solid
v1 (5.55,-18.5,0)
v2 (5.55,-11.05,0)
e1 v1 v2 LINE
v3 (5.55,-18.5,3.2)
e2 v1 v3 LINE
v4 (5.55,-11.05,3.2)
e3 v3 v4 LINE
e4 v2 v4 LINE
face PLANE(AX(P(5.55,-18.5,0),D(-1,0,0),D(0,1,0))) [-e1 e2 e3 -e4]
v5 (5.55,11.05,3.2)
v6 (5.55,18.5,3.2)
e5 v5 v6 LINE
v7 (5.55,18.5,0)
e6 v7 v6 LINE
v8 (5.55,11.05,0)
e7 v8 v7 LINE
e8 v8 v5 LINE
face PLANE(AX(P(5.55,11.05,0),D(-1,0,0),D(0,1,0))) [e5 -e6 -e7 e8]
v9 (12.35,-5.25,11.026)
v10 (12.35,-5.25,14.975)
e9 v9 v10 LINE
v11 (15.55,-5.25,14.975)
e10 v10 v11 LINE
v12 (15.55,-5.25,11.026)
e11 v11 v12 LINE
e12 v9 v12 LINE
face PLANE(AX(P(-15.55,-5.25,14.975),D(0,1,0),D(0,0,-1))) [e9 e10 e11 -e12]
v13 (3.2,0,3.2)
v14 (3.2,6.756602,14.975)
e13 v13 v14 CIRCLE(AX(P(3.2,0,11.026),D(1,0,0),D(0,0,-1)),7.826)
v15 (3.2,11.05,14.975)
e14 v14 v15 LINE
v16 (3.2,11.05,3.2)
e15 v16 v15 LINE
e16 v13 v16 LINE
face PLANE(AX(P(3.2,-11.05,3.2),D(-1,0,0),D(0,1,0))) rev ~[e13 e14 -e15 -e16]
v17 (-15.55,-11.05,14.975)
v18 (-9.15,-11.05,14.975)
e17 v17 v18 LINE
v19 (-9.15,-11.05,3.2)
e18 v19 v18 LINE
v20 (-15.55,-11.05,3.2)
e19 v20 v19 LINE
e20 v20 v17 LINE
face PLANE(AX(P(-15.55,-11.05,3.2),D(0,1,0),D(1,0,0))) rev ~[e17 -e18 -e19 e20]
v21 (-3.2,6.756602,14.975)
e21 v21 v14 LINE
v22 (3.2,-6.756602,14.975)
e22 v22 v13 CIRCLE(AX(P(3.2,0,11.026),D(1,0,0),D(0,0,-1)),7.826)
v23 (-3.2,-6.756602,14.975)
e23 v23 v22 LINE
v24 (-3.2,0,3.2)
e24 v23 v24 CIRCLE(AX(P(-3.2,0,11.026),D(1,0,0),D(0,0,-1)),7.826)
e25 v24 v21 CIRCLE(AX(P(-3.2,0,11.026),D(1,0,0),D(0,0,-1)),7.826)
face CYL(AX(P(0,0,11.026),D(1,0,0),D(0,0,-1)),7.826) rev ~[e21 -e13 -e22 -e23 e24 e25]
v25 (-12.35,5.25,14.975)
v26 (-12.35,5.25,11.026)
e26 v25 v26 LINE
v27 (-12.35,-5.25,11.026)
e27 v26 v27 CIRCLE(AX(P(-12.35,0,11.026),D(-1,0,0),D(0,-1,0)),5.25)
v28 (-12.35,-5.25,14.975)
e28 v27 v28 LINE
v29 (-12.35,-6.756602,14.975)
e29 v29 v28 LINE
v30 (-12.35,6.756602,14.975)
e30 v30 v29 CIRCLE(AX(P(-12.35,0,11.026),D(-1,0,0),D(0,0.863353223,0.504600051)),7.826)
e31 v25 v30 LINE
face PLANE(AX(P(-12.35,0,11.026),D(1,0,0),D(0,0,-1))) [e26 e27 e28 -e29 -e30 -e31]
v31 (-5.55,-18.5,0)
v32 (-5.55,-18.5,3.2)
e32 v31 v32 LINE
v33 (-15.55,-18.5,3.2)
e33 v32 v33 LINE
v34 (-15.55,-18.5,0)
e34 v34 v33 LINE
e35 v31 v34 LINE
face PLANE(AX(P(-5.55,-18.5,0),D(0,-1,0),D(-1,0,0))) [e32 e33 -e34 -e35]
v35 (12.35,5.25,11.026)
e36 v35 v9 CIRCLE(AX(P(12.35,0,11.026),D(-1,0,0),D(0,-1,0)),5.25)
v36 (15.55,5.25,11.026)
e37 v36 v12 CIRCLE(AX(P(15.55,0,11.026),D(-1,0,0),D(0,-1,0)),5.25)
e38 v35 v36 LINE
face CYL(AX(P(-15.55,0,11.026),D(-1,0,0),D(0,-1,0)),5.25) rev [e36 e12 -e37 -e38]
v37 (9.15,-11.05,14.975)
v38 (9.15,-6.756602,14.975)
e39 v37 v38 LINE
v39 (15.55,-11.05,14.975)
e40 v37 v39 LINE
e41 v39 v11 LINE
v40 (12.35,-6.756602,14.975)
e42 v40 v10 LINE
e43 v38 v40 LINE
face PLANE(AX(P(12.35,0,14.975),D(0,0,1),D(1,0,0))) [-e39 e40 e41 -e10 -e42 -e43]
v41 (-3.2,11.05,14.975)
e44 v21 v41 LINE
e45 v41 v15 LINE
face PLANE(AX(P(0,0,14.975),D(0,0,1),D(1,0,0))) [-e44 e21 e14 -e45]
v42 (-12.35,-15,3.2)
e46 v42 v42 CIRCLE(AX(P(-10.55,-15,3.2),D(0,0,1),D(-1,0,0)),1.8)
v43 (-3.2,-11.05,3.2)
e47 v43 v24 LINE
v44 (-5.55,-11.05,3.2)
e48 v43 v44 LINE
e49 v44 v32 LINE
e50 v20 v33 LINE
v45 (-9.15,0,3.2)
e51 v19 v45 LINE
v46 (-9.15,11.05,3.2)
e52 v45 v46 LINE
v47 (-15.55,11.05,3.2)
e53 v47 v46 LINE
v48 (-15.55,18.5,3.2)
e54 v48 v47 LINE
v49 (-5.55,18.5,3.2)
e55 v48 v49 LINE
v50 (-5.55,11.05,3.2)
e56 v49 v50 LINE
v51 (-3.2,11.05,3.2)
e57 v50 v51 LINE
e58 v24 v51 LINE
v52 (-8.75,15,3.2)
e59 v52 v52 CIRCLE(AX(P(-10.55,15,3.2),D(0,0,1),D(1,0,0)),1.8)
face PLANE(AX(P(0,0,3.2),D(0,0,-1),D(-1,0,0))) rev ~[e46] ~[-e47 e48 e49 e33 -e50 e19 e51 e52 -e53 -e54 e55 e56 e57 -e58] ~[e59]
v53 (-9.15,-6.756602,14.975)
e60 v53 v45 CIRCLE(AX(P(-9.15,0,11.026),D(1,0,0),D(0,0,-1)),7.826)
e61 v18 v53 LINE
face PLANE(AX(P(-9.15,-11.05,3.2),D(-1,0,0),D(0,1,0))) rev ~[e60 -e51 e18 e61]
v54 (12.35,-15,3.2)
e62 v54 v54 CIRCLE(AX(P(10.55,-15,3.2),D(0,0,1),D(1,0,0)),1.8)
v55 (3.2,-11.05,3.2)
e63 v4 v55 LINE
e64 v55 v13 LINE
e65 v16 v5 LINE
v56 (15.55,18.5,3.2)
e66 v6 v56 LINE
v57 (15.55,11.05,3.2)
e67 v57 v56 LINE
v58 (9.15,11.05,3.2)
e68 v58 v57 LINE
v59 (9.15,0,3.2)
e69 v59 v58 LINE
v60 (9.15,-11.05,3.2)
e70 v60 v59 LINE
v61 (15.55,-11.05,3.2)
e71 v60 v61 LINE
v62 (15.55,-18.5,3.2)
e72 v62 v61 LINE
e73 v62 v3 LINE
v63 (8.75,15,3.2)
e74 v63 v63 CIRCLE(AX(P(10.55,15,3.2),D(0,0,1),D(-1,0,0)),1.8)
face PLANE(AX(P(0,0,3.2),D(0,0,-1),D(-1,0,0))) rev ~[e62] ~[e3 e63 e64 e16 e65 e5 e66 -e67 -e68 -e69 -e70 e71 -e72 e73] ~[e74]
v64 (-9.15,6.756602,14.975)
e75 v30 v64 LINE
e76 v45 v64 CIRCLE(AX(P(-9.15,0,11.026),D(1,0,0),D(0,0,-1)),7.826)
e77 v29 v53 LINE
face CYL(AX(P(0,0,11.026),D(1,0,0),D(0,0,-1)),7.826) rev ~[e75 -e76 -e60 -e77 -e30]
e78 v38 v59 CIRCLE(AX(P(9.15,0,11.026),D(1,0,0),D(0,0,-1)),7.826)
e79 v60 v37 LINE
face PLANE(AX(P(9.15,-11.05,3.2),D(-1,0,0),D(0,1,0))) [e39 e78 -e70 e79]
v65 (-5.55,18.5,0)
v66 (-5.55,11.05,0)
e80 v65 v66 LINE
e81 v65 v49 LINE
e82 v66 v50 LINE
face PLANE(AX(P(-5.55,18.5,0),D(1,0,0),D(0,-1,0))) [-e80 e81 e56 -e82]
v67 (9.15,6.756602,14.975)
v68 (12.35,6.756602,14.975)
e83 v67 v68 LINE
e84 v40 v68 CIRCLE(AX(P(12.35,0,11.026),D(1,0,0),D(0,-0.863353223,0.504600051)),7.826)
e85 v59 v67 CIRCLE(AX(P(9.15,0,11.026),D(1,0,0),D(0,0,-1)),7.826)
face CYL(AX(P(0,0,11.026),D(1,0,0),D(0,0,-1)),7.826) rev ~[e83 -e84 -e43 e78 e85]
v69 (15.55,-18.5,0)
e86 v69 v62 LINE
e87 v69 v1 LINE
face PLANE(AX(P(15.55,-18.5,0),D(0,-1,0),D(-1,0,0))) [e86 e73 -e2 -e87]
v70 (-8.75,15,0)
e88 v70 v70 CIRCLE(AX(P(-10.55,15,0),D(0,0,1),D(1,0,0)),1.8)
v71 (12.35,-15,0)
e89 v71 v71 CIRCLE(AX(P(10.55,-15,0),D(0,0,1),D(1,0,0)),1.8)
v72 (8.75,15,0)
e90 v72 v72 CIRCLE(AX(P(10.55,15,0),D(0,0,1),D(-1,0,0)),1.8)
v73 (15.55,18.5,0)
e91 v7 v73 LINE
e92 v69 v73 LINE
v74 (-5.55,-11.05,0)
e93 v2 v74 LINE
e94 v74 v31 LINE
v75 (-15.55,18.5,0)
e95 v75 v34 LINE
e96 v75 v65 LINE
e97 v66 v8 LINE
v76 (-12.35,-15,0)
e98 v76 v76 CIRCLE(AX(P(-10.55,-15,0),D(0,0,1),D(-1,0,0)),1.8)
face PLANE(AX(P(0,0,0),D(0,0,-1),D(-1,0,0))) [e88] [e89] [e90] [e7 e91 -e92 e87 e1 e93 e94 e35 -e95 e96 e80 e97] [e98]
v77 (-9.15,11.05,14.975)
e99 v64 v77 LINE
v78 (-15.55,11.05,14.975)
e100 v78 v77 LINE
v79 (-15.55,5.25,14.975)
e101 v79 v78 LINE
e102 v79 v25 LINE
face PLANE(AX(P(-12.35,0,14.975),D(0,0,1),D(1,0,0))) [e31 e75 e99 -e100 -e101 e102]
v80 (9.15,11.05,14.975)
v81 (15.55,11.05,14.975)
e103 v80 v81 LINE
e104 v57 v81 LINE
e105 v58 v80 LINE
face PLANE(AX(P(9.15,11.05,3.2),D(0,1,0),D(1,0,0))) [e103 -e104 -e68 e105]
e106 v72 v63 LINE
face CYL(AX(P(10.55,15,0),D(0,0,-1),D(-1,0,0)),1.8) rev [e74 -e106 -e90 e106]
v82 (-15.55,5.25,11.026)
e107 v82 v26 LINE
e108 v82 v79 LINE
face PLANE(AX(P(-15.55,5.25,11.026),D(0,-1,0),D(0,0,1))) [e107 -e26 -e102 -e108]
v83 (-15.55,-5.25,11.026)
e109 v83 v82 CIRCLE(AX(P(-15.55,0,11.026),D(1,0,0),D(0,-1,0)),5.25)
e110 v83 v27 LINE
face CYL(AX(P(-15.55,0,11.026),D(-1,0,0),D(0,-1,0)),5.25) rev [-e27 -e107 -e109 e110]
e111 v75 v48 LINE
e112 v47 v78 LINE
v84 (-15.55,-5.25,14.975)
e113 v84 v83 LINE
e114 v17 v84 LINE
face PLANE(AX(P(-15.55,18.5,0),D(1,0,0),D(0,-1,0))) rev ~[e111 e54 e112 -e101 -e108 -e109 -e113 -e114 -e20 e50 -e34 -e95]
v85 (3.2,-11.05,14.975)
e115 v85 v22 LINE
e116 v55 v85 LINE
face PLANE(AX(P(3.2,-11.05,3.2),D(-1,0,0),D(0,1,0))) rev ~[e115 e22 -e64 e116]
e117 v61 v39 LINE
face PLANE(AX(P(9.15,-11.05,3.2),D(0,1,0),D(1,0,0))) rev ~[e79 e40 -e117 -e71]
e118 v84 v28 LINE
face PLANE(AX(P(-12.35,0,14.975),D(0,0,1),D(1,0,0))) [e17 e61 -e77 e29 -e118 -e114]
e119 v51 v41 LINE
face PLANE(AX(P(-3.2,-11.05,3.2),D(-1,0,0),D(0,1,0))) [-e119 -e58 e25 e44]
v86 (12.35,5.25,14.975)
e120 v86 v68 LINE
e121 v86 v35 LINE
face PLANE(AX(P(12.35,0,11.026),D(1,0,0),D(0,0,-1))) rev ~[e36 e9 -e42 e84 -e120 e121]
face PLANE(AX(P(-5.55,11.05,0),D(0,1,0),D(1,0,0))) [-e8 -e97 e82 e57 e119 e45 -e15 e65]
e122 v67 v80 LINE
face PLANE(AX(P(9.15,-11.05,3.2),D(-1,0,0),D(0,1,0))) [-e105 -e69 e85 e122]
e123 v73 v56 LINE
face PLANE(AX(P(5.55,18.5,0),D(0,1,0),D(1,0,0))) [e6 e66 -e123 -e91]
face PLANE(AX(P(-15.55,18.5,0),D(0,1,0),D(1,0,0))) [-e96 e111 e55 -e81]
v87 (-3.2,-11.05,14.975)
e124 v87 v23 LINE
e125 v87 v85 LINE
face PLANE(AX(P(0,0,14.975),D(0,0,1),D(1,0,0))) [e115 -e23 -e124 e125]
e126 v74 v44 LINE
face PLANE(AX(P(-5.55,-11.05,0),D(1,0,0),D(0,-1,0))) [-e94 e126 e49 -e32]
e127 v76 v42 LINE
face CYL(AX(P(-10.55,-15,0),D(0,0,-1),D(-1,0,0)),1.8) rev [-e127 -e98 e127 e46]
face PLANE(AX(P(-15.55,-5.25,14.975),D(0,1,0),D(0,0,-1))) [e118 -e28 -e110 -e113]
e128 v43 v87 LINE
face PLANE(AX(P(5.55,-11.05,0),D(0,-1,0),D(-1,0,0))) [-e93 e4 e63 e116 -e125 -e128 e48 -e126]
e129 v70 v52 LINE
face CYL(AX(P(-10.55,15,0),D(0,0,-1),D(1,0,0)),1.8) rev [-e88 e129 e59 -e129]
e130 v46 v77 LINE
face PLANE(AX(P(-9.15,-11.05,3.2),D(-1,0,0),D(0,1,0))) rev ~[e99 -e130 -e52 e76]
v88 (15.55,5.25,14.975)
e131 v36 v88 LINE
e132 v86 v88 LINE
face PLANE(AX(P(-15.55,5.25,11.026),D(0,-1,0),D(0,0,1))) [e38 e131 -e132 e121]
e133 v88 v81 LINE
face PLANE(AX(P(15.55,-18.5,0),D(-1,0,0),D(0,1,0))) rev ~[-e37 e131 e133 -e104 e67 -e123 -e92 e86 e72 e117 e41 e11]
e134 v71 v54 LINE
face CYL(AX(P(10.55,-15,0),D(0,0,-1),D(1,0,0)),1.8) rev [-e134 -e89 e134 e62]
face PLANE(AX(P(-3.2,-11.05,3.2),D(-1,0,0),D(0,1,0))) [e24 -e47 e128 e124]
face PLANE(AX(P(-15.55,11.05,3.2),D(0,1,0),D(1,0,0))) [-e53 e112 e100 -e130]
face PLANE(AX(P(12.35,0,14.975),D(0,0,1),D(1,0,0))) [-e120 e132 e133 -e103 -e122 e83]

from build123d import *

# Parameters (mm, degrees)
SCHIZZO1_R         = 1.8
BASE_DEPTH         = 3.2
SCHIZZO2_W         = 6.4
SCHIZZO2_H         = 22.1
STAND_OFF_DEPTH    = 11.775
SCHIZZO3_R         = 7.826
BEARING_SLOT_DEPTH = 12.35
SHAFT_HOLES_REACH  = 41.163


with BuildPart() as part:
    # Schizzo1 → Base (new body)
    with BuildSketch(Plane.XY):
        Polygon((-15.55, 11.05), (-15.55, 18.5), (-5.55, 18.5), (-5.55, 11.05), (5.55, 11.05), (5.55, 18.5), (15.55, 18.5), (15.55, 11.05), (15.55, -11.05), (15.55, -18.5), (5.55, -18.5), (5.55, -11.05), (-5.55, -11.05), (-5.55, -18.5), (-15.55, -18.5), (-15.55, -11.05), align=None)
        with Locations((-10.55, 15)):
            Circle(SCHIZZO1_R, mode=Mode.SUBTRACT)
        with Locations(Location((10.55, 15, 0), (0, 0, 180))):
            Circle(SCHIZZO1_R, mode=Mode.SUBTRACT)
        with Locations((10.55, -15)):
            Circle(SCHIZZO1_R, mode=Mode.SUBTRACT)
        with Locations(Location((-10.55, -15, 0), (0, 0, 180))):
            Circle(SCHIZZO1_R, mode=Mode.SUBTRACT)
    extrude(amount=BASE_DEPTH)

    # Schizzo2 → Stand-off (add)
    with BuildSketch(Plane.XY.offset(3.2)):
        with Locations((-12.35, 0)):
            Rectangle(SCHIZZO2_W, SCHIZZO2_H)
        Rectangle(SCHIZZO2_W, SCHIZZO2_H)
        with Locations((12.35, 0)):
            Rectangle(SCHIZZO2_W, SCHIZZO2_H)
    extrude(amount=STAND_OFF_DEPTH)

    # Schizzo3 → Bearing slot (cut, symmetric)
    with BuildSketch(Plane(origin=(0, 0, 0), x_dir=(0, 0, -1), z_dir=(1, 0, 0))):
        with Locations((-11.026, 0)):
            Circle(SCHIZZO3_R)
    extrude(amount=BEARING_SLOT_DEPTH, both=True, mode=Mode.SUBTRACT)

    # Shaft holes: up to this face of the body (flat: up to its plane)
    shaft_holes_end = Plane(part.part.faces().sort_by_distance((15.55, 0, 6.746095849))[0])
    # Schizzo4 → Shaft holes (cut, up to the picked face)
    with BuildSketch(Plane.ZY.offset(15.55), mode=Mode.PRIVATE) as shaft_holes_sk1:
        with BuildLine():
            Line((11.026, 5.25), (14.975, 5.25))
            Line((14.975, 5.25), (14.975, -5.25))
            Line((14.975, -5.25), (11.026, -5.25))
            ThreePointArc((11.026, -5.25), (5.776, 0), (11.026, 5.25))
        make_face()
    shaft_holes_tool1 = split(extrude(shaft_holes_sk1.sketch, amount=-SHAFT_HOLES_REACH, mode=Mode.PRIVATE), bisect_by=shaft_holes_end, keep=Keep.BOTH, mode=Mode.PRIVATE)
    add(shaft_holes_tool1.solids().sort_by(Axis((-15.55, 0, 10.853782), (1, 0, 0)))[0], mode=Mode.SUBTRACT)


solid = part.part
